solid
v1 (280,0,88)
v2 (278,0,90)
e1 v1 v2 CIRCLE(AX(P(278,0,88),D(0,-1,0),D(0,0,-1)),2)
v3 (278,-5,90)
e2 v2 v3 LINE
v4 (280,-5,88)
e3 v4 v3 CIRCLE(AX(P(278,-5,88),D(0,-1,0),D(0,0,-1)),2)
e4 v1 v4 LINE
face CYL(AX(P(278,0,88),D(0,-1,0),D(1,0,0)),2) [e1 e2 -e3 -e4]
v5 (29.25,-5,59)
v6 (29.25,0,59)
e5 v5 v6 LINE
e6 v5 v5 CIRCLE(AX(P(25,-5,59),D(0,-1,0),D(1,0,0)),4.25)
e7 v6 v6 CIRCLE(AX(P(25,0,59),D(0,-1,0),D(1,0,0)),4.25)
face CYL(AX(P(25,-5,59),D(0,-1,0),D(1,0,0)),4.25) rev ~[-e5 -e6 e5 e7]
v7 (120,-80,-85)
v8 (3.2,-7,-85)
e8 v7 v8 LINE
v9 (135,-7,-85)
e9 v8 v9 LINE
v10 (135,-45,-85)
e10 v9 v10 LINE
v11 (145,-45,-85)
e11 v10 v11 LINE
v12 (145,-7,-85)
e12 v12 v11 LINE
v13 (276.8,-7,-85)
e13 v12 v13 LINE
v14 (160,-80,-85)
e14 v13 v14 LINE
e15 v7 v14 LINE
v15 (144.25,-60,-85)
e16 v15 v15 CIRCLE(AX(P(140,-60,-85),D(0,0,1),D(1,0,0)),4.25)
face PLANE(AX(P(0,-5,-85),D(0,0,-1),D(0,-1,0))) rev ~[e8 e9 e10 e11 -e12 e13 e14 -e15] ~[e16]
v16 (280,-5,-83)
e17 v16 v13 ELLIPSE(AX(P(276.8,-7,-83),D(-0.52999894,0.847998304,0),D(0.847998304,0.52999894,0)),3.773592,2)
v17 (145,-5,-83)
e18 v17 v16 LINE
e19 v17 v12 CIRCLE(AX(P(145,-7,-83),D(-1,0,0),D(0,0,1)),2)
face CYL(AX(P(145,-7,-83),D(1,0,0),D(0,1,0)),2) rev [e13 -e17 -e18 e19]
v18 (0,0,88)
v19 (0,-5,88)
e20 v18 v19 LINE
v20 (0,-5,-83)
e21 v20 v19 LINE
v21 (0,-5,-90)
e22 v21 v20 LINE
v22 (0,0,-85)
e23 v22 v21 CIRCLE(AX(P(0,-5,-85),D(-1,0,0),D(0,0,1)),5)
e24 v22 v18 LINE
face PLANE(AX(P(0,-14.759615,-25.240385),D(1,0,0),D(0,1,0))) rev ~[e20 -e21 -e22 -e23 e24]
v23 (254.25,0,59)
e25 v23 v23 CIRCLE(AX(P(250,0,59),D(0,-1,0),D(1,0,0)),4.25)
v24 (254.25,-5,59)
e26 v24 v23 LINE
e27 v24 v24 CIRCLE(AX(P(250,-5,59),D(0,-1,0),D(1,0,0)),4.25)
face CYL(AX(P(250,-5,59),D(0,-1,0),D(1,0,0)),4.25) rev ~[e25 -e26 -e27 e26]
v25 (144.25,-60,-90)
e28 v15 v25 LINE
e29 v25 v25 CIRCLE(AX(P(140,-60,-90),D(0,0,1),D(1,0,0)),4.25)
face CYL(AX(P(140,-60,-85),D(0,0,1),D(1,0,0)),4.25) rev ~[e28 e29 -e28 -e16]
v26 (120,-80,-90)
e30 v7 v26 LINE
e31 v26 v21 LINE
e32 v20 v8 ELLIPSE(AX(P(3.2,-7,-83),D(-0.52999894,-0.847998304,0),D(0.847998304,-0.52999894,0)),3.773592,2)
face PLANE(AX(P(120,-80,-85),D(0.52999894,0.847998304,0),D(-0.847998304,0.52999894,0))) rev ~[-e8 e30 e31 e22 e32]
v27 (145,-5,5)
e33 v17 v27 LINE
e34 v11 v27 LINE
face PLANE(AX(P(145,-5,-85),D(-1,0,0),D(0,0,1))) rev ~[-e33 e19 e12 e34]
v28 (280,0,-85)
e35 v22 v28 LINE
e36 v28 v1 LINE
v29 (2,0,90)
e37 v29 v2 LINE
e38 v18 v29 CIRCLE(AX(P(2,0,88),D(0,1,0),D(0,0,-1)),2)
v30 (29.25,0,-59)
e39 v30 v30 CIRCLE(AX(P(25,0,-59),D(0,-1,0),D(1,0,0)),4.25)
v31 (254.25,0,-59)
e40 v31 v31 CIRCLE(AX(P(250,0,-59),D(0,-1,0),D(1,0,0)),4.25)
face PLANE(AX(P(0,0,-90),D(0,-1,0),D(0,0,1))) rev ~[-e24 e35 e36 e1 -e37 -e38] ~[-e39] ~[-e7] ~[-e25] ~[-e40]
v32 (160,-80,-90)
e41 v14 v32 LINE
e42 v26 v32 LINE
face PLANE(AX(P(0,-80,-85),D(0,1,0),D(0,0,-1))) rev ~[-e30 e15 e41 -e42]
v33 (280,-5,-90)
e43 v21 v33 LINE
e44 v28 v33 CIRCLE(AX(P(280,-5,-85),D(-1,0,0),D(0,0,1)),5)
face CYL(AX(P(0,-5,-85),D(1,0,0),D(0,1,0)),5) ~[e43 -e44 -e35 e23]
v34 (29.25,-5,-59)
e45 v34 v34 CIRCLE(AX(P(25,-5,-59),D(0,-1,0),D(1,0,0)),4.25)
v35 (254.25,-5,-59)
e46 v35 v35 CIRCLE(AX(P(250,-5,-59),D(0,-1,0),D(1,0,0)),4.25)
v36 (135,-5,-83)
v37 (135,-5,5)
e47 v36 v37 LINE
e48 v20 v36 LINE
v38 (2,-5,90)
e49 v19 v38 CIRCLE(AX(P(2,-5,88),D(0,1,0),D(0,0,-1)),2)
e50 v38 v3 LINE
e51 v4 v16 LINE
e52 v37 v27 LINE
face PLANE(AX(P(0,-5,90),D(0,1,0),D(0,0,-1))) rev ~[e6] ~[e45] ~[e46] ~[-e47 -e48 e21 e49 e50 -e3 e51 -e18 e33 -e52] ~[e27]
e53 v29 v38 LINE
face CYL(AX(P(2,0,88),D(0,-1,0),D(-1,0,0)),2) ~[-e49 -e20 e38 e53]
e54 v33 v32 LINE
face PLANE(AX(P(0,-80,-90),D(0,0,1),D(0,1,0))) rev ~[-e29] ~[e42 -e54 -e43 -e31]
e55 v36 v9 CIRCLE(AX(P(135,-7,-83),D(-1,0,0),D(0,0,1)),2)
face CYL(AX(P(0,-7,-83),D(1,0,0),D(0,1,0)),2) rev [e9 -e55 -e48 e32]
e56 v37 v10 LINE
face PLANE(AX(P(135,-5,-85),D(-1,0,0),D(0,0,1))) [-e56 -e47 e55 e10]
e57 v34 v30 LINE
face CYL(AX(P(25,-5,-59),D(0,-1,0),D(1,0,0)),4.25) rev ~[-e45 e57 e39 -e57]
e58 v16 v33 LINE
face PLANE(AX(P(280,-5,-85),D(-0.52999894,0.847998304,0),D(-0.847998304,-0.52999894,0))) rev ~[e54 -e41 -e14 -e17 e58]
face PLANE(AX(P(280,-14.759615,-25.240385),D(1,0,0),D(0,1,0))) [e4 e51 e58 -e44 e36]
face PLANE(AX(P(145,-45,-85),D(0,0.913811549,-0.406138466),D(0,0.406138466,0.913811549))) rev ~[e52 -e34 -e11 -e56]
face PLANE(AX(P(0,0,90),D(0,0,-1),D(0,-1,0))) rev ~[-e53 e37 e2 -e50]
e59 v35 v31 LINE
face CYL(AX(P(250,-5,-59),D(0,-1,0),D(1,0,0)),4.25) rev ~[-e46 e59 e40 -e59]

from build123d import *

# Parameters (mm, degrees)
F1_DEPTH  = 280
F2_R      = 4.25
F3_DEPTH  = 5.001
F4_R      = 2
F5_R      = 4.25
F6_DEPTH  = 5.001
F7_R      = 5
F8_W      = 10
F8_H      = 90
F9_DEPTH  = 40
F11_DEPTH = 145.001
F13_DEPTH = 5.001
F14_R     = 2


with BuildPart() as f1:
    # F0 (on Right) → F1 (new body)
    with BuildSketch(Plane.YZ):
        Polygon((0, -90), (0, 90), (-5, 90), (-5, -85), (-80, -85), (-80, -90), align=None)
    extrude(amount=F1_DEPTH)

    # F2 (on face) → F3 (cut, through all)
    with BuildSketch(Plane.XZ.offset(5)):
        with Locations((25, 59)):
            Circle(F2_R)
        with Locations((25, -59)):
            Circle(F2_R)
        with Locations((250, -59)):
            Circle(F2_R)
        with Locations((250, 59)):
            Circle(F2_R)
    extrude(amount=-F3_DEPTH, mode=Mode.SUBTRACT)

    # F4
    f4_edges = [f1.edges().sort_by_distance(p)[0] for p in [
        (0, -2.5, 90),
        (280, -2.5, 90),
        (280, -80, -87.5),
        (0, -80, -87.5),
    ]]
    fillet(f4_edges, radius=F4_R)

    # F5 (on face) → F6 (cut, through all)
    with BuildSketch(Plane.XY.offset(-85)):
        with Locations((140, -60)):
            Circle(F5_R)
    extrude(amount=-F6_DEPTH, mode=Mode.SUBTRACT)

    # F7
    f7_edges = [f1.edges().sort_by_distance(p)[0] for p in [
        (140, 0, -90),
    ]]
    fillet(f7_edges, radius=F7_R)

    # F8 (on face) → F9 (join)
    with BuildSketch(Plane.XZ.offset(5)):
        with Locations((140, -40)):
            Rectangle(F8_W, F8_H)
    extrude(amount=F9_DEPTH)

    # F10 (on face) → F11 (cut, through all)
    with BuildSketch(Plane.YZ.offset(145)):
        Polygon((-45, -85), (-5, 5), (-45, 5), align=None)
    extrude(amount=-F11_DEPTH, mode=Mode.SUBTRACT)

    # F12 (on face) → F13 (cut, through all)
    with BuildSketch(Plane.XY.offset(-85)):
        with BuildLine():
            Line((2, -80), (120, -80))
            Line((120, -80), (0, -5))
            Line((0, -5), (0, -78))
            ThreePointArc((0, -78), (0.5857864376, -79.4142135624), (2, -80))
        make_face()
        with BuildLine():
            Line((280, -78), (280, -5))
            Line((280, -5), (160, -80))
            Line((160, -80), (278, -80))
            ThreePointArc((278, -80), (279.4142135624, -79.4142135624), (280, -78))
        make_face()
    extrude(amount=-F13_DEPTH, mode=Mode.SUBTRACT)

    # F14
    f14_edges = [f1.edges().sort_by_distance(p)[0] for p in [
        (67.5, -5, -85),
        (212.5, -5, -85),
    ]]
    fillet(f14_edges, radius=F14_R)


solid = f1.part
